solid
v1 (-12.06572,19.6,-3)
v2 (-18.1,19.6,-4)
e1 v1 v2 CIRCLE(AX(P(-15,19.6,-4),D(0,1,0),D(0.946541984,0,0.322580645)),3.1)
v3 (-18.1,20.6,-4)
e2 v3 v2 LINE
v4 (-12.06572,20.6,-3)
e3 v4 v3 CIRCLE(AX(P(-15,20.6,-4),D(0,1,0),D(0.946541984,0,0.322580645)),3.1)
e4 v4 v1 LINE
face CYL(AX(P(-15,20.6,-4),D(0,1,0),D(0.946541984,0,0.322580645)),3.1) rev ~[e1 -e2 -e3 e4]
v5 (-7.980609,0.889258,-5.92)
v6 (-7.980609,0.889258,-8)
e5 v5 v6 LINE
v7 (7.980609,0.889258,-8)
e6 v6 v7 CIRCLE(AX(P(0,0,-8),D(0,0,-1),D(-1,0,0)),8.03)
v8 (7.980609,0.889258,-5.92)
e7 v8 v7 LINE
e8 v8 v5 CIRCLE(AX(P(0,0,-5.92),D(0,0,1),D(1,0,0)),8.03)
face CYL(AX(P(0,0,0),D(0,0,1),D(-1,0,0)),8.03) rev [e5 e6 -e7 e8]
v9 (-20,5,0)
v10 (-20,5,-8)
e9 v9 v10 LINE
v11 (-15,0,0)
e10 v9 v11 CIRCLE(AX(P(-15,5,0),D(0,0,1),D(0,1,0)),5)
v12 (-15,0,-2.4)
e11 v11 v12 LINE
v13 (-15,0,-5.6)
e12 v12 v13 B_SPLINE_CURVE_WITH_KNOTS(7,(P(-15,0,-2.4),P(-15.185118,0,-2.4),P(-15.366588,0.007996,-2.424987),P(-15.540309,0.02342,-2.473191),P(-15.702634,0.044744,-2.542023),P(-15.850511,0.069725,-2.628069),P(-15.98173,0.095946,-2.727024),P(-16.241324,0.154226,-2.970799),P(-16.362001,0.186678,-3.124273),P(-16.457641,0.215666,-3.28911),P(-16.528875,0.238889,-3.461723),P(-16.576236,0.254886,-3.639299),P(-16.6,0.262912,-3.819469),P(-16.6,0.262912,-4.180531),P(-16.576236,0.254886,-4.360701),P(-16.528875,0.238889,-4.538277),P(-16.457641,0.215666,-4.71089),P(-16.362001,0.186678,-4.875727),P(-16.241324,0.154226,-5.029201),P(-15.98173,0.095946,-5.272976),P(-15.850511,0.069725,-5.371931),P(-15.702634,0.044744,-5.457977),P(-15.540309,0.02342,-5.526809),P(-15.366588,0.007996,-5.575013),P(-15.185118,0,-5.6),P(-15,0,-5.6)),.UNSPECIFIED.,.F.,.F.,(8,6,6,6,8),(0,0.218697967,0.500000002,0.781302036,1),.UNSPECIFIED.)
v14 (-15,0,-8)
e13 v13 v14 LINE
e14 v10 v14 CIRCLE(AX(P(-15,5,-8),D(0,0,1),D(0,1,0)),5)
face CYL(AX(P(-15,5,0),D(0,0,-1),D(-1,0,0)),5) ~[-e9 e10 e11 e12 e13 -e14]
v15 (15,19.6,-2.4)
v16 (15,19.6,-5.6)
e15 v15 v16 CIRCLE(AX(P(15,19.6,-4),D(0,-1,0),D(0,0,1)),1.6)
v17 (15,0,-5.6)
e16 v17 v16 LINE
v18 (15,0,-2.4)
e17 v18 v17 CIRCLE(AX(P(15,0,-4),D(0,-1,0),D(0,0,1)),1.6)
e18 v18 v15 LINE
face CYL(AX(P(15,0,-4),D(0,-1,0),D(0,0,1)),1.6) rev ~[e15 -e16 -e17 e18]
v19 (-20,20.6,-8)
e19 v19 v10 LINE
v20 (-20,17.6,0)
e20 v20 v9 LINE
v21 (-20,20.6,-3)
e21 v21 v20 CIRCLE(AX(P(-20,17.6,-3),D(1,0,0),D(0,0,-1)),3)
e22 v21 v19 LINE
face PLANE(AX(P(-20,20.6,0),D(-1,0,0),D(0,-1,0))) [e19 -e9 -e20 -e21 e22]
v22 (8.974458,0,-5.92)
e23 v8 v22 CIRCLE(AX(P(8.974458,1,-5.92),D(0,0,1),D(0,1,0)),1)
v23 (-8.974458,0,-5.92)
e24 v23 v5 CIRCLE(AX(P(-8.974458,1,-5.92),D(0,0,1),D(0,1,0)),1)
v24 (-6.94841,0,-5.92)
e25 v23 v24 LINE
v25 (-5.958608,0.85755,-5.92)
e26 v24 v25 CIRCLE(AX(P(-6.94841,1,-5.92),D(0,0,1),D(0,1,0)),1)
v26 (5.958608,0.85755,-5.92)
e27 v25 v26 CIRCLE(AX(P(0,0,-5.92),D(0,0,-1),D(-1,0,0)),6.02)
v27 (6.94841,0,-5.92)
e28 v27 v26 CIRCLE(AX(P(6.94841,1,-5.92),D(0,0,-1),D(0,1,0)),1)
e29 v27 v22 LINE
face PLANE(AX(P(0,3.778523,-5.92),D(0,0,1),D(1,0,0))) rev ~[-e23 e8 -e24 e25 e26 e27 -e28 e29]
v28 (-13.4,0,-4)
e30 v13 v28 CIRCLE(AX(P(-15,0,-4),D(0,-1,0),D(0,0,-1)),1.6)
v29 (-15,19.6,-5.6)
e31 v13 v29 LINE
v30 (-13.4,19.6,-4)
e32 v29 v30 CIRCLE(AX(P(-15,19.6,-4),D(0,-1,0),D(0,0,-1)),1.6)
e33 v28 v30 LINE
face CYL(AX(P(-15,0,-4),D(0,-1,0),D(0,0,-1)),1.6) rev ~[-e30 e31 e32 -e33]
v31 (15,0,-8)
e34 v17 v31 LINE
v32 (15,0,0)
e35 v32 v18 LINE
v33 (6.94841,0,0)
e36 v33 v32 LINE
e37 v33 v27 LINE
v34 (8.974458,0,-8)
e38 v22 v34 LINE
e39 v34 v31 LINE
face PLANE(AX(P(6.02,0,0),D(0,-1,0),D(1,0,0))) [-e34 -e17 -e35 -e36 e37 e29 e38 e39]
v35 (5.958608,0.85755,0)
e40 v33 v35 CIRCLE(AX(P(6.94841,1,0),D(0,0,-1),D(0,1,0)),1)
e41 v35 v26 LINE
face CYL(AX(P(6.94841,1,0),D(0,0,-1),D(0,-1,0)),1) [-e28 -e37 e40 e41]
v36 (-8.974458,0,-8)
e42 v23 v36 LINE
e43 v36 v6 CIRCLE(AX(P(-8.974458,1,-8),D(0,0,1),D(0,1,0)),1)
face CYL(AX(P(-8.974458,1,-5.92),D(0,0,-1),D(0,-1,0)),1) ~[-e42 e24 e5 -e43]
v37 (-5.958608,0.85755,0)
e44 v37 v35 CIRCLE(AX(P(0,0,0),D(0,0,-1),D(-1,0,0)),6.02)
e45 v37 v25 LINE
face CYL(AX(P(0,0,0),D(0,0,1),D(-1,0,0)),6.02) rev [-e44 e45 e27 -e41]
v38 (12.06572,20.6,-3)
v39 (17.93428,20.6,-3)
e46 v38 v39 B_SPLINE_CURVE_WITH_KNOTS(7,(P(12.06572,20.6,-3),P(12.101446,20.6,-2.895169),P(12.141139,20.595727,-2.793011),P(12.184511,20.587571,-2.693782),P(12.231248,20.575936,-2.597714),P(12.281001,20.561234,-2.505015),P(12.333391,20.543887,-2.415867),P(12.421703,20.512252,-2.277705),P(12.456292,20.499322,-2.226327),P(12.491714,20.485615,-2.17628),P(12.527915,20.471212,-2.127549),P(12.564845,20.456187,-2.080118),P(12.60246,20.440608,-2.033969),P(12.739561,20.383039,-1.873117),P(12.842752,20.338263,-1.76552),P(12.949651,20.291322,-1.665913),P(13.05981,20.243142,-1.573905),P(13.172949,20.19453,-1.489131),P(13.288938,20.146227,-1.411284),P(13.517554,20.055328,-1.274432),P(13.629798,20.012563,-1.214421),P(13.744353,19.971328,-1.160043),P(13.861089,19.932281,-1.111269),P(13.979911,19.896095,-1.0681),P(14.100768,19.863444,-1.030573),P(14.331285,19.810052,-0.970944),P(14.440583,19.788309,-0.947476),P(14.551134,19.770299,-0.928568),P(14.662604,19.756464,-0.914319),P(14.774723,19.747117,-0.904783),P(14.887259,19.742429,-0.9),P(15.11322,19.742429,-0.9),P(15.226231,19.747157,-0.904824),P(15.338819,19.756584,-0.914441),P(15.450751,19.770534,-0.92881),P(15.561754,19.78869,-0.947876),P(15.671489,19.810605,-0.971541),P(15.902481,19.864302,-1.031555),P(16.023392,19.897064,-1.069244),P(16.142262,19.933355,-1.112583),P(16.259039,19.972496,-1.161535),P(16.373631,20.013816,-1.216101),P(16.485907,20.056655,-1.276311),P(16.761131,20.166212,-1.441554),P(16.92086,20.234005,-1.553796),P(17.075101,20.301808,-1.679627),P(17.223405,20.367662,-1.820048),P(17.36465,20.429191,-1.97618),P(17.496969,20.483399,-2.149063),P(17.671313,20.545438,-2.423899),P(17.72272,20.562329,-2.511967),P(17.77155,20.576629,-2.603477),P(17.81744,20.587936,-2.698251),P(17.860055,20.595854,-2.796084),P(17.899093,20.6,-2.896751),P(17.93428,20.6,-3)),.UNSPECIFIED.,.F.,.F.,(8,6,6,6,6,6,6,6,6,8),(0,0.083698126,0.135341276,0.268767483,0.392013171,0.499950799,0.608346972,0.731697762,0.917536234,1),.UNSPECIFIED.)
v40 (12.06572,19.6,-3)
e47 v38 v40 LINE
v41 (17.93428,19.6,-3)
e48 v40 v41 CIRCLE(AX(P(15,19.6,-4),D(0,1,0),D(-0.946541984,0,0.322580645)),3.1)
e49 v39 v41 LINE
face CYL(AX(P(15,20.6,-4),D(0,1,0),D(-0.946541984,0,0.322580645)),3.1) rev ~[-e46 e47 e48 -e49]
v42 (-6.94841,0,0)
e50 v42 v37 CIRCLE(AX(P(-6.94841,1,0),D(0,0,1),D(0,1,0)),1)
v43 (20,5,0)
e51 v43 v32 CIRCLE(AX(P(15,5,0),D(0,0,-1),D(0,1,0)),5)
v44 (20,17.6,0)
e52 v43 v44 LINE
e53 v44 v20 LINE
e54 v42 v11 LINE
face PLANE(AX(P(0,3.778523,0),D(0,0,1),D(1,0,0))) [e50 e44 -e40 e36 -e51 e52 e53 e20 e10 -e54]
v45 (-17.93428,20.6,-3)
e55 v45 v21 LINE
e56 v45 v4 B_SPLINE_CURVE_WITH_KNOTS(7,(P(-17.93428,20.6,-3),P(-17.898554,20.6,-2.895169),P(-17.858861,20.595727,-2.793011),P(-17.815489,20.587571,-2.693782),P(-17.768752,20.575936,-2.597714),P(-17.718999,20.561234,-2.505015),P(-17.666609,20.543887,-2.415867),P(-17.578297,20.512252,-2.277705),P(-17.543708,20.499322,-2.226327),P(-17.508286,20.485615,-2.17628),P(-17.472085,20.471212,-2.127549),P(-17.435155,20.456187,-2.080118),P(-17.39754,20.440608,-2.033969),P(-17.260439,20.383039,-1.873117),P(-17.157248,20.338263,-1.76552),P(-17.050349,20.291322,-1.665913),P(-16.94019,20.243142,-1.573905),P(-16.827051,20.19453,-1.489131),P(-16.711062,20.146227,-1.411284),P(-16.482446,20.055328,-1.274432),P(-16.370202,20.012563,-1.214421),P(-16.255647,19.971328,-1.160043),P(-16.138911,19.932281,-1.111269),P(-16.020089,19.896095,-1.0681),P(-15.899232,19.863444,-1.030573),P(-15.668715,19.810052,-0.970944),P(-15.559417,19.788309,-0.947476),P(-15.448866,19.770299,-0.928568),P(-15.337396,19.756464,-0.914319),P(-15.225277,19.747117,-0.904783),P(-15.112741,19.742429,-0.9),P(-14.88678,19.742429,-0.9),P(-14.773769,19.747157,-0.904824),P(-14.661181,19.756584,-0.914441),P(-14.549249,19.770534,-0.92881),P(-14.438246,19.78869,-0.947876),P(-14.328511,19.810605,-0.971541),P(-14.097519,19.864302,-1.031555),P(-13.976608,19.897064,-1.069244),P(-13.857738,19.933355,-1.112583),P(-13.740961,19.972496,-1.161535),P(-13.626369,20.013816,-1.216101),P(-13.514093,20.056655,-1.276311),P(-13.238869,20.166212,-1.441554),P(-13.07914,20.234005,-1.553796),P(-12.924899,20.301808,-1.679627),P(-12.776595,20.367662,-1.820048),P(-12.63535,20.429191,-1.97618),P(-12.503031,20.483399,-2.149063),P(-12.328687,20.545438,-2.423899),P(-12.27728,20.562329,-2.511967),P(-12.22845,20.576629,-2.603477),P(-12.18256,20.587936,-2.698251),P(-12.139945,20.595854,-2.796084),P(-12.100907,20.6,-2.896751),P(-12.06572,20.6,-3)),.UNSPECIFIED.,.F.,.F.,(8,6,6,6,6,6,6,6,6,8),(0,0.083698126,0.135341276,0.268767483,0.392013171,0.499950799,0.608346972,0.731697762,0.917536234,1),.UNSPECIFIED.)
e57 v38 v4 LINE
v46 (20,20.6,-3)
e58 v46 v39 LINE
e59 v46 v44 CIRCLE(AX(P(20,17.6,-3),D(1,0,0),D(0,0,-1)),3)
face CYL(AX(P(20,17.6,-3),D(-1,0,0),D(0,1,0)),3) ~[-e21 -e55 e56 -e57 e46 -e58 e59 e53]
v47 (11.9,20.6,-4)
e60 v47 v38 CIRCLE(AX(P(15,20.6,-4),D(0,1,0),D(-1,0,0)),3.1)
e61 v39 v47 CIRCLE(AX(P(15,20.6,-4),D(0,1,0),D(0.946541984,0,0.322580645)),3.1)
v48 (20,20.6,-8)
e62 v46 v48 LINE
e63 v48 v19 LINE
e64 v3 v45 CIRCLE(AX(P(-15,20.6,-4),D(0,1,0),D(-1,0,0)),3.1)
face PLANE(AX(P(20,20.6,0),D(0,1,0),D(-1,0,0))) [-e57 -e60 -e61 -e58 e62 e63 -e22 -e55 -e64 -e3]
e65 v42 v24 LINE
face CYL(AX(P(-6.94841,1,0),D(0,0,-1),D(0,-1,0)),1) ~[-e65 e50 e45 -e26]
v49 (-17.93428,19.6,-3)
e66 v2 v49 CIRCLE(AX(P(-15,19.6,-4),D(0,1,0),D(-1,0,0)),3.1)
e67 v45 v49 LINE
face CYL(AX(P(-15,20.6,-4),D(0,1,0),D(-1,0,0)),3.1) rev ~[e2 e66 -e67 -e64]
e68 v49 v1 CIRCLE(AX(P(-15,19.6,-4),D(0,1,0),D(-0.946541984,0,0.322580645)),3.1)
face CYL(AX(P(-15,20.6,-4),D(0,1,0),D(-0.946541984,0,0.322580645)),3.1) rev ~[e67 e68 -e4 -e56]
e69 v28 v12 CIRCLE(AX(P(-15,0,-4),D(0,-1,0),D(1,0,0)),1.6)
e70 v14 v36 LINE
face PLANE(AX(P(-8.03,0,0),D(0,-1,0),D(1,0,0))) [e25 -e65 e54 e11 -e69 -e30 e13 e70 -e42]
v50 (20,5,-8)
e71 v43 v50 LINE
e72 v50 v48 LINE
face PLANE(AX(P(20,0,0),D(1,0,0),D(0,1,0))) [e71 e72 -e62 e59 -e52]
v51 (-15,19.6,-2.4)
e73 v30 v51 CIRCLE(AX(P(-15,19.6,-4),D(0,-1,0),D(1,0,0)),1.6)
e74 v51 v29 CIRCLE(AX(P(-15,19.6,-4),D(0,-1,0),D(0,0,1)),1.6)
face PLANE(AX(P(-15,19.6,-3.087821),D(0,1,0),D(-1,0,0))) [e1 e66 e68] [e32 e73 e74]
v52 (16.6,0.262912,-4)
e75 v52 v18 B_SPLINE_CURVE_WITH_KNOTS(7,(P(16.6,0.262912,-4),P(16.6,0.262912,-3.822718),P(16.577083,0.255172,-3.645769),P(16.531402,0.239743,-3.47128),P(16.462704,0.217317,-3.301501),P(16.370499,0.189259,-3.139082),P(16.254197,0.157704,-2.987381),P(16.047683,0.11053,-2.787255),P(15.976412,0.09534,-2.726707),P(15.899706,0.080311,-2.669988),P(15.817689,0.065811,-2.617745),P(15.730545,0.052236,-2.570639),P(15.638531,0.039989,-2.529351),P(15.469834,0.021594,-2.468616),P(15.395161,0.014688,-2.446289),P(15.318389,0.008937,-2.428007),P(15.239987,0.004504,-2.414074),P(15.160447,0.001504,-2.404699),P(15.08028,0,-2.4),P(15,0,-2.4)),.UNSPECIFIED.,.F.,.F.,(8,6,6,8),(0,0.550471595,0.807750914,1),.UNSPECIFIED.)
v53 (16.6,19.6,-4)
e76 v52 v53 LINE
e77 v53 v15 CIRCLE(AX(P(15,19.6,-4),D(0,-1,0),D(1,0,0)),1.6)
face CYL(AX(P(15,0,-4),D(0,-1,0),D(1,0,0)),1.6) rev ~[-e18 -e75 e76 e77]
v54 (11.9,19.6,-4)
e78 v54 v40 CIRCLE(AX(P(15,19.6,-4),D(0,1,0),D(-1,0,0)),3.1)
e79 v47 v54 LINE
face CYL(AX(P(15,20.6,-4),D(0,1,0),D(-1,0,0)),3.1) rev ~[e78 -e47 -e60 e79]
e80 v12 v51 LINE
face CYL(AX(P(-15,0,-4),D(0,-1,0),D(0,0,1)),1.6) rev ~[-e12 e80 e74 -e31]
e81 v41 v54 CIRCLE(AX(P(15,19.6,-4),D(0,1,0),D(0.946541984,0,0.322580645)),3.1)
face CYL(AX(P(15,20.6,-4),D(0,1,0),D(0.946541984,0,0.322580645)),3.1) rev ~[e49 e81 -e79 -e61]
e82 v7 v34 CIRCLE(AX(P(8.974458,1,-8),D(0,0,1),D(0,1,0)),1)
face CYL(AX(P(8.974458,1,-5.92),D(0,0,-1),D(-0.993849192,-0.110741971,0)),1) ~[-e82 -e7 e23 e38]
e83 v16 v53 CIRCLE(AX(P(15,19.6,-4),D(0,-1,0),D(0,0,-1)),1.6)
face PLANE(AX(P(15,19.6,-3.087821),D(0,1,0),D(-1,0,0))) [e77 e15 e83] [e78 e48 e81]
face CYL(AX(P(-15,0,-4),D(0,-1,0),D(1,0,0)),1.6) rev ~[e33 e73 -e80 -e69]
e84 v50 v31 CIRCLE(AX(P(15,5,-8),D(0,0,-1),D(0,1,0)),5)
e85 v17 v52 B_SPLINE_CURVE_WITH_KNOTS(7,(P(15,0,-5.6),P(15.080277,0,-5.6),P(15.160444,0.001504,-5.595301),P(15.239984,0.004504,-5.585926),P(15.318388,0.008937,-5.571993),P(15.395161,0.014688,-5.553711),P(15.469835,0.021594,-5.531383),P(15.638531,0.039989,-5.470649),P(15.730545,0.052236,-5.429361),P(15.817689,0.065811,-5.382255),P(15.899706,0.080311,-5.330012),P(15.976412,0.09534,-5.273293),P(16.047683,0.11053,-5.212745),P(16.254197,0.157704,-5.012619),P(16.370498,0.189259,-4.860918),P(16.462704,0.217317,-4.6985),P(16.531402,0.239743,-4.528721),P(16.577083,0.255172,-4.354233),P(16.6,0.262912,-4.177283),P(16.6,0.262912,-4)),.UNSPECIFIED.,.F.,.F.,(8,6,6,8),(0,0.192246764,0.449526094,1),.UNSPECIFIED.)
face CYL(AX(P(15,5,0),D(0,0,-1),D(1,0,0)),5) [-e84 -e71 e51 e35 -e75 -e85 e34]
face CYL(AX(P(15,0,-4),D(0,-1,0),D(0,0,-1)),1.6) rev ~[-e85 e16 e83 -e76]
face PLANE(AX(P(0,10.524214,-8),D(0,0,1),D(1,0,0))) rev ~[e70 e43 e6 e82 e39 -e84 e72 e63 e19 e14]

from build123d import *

# Parameters (mm, degrees)
F1_DEPTH  = 8
F2_DEPTH  = 5.92
F3_R      = 3
F4_R      = 5
F6_DEPTH  = 20.601
F8_DEPTH  = 20.6010001
F9_R      = 1
F11_DEPTH = 1


with BuildPart() as f1:
    # F0 (on Top) → F1 (new body)
    with BuildSketch(Plane.XY):
        with BuildLine():
            Line((-20, 20.6), (-20, 0))
            Line((-20, 0), (-8.03, 0))
            ThreePointArc((-8.03, 0), (0, 8.03), (8.03, 0))
            Line((8.03, 0), (20, 0))
            Line((20, 0), (20, 20.6))
            Line((20, 20.6), (-20, 20.6))
        make_face()
    extrude(amount=-F1_DEPTH)

    # F0 (on Top) → F2 (join)
    with BuildSketch(Plane.XY):
        with BuildLine():
            ThreePointArc((8.03, 0), (0, 8.03), (-8.03, 0))
            Line((-8.03, 0), (-6.02, 0))
            ThreePointArc((-6.02, 0), (0, 6.02), (6.02, 0))
            Line((6.02, 0), (8.03, 0))
        make_face()
    extrude(amount=-F2_DEPTH)

    # F3
    f3_edges = [f1.edges().sort_by_distance(p)[0] for p in [
        (0, 20.6, 0),
    ]]
    fillet(f3_edges, radius=F3_R)

    # F4
    f4_edges = [f1.edges().sort_by_distance(p)[0] for p in [
        (-20, 0, -4),
        (20, 0, -4),
    ]]
    fillet(f4_edges, radius=F4_R)

    # F5 (on face) → F6 (cut, through all)
    with BuildSketch(Plane.XZ):
        with BuildLine():
            Line((-15, -5.6), (-15, -2.4))
            ThreePointArc((-15, -2.4), (-16.6, -4), (-15, -5.6))
        make_face()
        with BuildLine():
            ThreePointArc((-15, -5.6), (-13.8686291501, -5.1313708499), (-13.4, -4))
            ThreePointArc((-13.4, -4), (-13.8686291501, -2.8686291501), (-15, -2.4))
            Line((-15, -2.4), (-15, -5.6))
        make_face()
    extrude(amount=-F6_DEPTH, mode=Mode.SUBTRACT)

    # F7 (on face) → F8 (cut, through all)
    with BuildSketch(Plane.XZ):
        with BuildLine():
            Line((15, -5.6), (15, -2.4))
            ThreePointArc((15, -2.4), (13.4, -4), (15, -5.6))
        make_face()
        with BuildLine():
            ThreePointArc((15, -5.6), (16.1313708499, -5.1313708499), (16.6, -4))
            ThreePointArc((16.6, -4), (16.1313708499, -2.8686291501), (15, -2.4))
            Line((15, -2.4), (15, -5.6))
        make_face()
    extrude(amount=-F8_DEPTH, mode=Mode.SUBTRACT)

    # F9
    f9_edges = [f1.edges().sort_by_distance(p)[0] for p in [
        (-8.03, 0, -6.96),
        (-6.02, 0, -2.96),
        (6.02, 0, -2.96),
        (8.03, 0, -6.96),
    ]]
    fillet(f9_edges, radius=F9_R)

    # F10 (on face) → F11 (cut)
    with BuildSketch(Plane(origin=(0, 20.6, 0), x_dir=(-1, 0, 0), z_dir=(0, 1, 0))):
        with BuildLine():
            Line((-13.7510004003, -3), (-12.0657198498, -3))
            ThreePointArc((-12.0657198498, -3), (-15, -0.9), (-17.9342801502, -3))
            Line((-17.9342801502, -3), (-16.2489995997, -3))
            ThreePointArc((-16.2489995997, -3), (-16.4422205102, -4.692820323), (-15, -5.6))
            ThreePointArc((-15, -5.6), (-13.5577794898, -4.692820323), (-13.7510004003, -3))
        make_face()
        with BuildLine():
            ThreePointArc((-17.9342801502, -3), (-15.5068192648, -7.0582894292), (-11.9, -4))
            ThreePointArc((-11.9, -4), (-11.9417105708, -3.4931807352), (-12.0657198498, -3))
            Line((-12.0657198498, -3), (-13.7510004003, -3))
            ThreePointArc((-13.7510004003, -3), (-13.5577794898, -4.692820323), (-15, -5.6))
            ThreePointArc((-15, -5.6), (-16.4422205102, -4.692820323), (-16.2489995997, -3))
            Line((-16.2489995997, -3), (-17.9342801502, -3))
        make_face()
        with BuildLine():
            ThreePointArc((17.9342801502, -3), (15, -0.9), (12.0657198498, -3))
            Line((12.0657198498, -3), (13.7510004003, -3))
            ThreePointArc((13.7510004003, -3), (13.5577794898, -4.692820323), (15, -5.6))
            ThreePointArc((15, -5.6), (16.4422205102, -4.692820323), (16.2489995997, -3))
            Line((16.2489995997, -3), (17.9342801502, -3))
        make_face()
        with BuildLine():
            Line((13.7510004003, -3), (12.0657198498, -3))
            ThreePointArc((12.0657198498, -3), (14.4931807352, -7.0582894292), (18.1, -4))
            ThreePointArc((18.1, -4), (18.0582894292, -3.4931807352), (17.9342801502, -3))
            Line((17.9342801502, -3), (16.2489995997, -3))
            ThreePointArc((16.2489995997, -3), (16.4422205102, -4.692820323), (15, -5.6))
            ThreePointArc((15, -5.6), (13.5577794898, -4.692820323), (13.7510004003, -3))
        make_face()
    extrude(amount=-F11_DEPTH, mode=Mode.SUBTRACT)


solid = f1.part
